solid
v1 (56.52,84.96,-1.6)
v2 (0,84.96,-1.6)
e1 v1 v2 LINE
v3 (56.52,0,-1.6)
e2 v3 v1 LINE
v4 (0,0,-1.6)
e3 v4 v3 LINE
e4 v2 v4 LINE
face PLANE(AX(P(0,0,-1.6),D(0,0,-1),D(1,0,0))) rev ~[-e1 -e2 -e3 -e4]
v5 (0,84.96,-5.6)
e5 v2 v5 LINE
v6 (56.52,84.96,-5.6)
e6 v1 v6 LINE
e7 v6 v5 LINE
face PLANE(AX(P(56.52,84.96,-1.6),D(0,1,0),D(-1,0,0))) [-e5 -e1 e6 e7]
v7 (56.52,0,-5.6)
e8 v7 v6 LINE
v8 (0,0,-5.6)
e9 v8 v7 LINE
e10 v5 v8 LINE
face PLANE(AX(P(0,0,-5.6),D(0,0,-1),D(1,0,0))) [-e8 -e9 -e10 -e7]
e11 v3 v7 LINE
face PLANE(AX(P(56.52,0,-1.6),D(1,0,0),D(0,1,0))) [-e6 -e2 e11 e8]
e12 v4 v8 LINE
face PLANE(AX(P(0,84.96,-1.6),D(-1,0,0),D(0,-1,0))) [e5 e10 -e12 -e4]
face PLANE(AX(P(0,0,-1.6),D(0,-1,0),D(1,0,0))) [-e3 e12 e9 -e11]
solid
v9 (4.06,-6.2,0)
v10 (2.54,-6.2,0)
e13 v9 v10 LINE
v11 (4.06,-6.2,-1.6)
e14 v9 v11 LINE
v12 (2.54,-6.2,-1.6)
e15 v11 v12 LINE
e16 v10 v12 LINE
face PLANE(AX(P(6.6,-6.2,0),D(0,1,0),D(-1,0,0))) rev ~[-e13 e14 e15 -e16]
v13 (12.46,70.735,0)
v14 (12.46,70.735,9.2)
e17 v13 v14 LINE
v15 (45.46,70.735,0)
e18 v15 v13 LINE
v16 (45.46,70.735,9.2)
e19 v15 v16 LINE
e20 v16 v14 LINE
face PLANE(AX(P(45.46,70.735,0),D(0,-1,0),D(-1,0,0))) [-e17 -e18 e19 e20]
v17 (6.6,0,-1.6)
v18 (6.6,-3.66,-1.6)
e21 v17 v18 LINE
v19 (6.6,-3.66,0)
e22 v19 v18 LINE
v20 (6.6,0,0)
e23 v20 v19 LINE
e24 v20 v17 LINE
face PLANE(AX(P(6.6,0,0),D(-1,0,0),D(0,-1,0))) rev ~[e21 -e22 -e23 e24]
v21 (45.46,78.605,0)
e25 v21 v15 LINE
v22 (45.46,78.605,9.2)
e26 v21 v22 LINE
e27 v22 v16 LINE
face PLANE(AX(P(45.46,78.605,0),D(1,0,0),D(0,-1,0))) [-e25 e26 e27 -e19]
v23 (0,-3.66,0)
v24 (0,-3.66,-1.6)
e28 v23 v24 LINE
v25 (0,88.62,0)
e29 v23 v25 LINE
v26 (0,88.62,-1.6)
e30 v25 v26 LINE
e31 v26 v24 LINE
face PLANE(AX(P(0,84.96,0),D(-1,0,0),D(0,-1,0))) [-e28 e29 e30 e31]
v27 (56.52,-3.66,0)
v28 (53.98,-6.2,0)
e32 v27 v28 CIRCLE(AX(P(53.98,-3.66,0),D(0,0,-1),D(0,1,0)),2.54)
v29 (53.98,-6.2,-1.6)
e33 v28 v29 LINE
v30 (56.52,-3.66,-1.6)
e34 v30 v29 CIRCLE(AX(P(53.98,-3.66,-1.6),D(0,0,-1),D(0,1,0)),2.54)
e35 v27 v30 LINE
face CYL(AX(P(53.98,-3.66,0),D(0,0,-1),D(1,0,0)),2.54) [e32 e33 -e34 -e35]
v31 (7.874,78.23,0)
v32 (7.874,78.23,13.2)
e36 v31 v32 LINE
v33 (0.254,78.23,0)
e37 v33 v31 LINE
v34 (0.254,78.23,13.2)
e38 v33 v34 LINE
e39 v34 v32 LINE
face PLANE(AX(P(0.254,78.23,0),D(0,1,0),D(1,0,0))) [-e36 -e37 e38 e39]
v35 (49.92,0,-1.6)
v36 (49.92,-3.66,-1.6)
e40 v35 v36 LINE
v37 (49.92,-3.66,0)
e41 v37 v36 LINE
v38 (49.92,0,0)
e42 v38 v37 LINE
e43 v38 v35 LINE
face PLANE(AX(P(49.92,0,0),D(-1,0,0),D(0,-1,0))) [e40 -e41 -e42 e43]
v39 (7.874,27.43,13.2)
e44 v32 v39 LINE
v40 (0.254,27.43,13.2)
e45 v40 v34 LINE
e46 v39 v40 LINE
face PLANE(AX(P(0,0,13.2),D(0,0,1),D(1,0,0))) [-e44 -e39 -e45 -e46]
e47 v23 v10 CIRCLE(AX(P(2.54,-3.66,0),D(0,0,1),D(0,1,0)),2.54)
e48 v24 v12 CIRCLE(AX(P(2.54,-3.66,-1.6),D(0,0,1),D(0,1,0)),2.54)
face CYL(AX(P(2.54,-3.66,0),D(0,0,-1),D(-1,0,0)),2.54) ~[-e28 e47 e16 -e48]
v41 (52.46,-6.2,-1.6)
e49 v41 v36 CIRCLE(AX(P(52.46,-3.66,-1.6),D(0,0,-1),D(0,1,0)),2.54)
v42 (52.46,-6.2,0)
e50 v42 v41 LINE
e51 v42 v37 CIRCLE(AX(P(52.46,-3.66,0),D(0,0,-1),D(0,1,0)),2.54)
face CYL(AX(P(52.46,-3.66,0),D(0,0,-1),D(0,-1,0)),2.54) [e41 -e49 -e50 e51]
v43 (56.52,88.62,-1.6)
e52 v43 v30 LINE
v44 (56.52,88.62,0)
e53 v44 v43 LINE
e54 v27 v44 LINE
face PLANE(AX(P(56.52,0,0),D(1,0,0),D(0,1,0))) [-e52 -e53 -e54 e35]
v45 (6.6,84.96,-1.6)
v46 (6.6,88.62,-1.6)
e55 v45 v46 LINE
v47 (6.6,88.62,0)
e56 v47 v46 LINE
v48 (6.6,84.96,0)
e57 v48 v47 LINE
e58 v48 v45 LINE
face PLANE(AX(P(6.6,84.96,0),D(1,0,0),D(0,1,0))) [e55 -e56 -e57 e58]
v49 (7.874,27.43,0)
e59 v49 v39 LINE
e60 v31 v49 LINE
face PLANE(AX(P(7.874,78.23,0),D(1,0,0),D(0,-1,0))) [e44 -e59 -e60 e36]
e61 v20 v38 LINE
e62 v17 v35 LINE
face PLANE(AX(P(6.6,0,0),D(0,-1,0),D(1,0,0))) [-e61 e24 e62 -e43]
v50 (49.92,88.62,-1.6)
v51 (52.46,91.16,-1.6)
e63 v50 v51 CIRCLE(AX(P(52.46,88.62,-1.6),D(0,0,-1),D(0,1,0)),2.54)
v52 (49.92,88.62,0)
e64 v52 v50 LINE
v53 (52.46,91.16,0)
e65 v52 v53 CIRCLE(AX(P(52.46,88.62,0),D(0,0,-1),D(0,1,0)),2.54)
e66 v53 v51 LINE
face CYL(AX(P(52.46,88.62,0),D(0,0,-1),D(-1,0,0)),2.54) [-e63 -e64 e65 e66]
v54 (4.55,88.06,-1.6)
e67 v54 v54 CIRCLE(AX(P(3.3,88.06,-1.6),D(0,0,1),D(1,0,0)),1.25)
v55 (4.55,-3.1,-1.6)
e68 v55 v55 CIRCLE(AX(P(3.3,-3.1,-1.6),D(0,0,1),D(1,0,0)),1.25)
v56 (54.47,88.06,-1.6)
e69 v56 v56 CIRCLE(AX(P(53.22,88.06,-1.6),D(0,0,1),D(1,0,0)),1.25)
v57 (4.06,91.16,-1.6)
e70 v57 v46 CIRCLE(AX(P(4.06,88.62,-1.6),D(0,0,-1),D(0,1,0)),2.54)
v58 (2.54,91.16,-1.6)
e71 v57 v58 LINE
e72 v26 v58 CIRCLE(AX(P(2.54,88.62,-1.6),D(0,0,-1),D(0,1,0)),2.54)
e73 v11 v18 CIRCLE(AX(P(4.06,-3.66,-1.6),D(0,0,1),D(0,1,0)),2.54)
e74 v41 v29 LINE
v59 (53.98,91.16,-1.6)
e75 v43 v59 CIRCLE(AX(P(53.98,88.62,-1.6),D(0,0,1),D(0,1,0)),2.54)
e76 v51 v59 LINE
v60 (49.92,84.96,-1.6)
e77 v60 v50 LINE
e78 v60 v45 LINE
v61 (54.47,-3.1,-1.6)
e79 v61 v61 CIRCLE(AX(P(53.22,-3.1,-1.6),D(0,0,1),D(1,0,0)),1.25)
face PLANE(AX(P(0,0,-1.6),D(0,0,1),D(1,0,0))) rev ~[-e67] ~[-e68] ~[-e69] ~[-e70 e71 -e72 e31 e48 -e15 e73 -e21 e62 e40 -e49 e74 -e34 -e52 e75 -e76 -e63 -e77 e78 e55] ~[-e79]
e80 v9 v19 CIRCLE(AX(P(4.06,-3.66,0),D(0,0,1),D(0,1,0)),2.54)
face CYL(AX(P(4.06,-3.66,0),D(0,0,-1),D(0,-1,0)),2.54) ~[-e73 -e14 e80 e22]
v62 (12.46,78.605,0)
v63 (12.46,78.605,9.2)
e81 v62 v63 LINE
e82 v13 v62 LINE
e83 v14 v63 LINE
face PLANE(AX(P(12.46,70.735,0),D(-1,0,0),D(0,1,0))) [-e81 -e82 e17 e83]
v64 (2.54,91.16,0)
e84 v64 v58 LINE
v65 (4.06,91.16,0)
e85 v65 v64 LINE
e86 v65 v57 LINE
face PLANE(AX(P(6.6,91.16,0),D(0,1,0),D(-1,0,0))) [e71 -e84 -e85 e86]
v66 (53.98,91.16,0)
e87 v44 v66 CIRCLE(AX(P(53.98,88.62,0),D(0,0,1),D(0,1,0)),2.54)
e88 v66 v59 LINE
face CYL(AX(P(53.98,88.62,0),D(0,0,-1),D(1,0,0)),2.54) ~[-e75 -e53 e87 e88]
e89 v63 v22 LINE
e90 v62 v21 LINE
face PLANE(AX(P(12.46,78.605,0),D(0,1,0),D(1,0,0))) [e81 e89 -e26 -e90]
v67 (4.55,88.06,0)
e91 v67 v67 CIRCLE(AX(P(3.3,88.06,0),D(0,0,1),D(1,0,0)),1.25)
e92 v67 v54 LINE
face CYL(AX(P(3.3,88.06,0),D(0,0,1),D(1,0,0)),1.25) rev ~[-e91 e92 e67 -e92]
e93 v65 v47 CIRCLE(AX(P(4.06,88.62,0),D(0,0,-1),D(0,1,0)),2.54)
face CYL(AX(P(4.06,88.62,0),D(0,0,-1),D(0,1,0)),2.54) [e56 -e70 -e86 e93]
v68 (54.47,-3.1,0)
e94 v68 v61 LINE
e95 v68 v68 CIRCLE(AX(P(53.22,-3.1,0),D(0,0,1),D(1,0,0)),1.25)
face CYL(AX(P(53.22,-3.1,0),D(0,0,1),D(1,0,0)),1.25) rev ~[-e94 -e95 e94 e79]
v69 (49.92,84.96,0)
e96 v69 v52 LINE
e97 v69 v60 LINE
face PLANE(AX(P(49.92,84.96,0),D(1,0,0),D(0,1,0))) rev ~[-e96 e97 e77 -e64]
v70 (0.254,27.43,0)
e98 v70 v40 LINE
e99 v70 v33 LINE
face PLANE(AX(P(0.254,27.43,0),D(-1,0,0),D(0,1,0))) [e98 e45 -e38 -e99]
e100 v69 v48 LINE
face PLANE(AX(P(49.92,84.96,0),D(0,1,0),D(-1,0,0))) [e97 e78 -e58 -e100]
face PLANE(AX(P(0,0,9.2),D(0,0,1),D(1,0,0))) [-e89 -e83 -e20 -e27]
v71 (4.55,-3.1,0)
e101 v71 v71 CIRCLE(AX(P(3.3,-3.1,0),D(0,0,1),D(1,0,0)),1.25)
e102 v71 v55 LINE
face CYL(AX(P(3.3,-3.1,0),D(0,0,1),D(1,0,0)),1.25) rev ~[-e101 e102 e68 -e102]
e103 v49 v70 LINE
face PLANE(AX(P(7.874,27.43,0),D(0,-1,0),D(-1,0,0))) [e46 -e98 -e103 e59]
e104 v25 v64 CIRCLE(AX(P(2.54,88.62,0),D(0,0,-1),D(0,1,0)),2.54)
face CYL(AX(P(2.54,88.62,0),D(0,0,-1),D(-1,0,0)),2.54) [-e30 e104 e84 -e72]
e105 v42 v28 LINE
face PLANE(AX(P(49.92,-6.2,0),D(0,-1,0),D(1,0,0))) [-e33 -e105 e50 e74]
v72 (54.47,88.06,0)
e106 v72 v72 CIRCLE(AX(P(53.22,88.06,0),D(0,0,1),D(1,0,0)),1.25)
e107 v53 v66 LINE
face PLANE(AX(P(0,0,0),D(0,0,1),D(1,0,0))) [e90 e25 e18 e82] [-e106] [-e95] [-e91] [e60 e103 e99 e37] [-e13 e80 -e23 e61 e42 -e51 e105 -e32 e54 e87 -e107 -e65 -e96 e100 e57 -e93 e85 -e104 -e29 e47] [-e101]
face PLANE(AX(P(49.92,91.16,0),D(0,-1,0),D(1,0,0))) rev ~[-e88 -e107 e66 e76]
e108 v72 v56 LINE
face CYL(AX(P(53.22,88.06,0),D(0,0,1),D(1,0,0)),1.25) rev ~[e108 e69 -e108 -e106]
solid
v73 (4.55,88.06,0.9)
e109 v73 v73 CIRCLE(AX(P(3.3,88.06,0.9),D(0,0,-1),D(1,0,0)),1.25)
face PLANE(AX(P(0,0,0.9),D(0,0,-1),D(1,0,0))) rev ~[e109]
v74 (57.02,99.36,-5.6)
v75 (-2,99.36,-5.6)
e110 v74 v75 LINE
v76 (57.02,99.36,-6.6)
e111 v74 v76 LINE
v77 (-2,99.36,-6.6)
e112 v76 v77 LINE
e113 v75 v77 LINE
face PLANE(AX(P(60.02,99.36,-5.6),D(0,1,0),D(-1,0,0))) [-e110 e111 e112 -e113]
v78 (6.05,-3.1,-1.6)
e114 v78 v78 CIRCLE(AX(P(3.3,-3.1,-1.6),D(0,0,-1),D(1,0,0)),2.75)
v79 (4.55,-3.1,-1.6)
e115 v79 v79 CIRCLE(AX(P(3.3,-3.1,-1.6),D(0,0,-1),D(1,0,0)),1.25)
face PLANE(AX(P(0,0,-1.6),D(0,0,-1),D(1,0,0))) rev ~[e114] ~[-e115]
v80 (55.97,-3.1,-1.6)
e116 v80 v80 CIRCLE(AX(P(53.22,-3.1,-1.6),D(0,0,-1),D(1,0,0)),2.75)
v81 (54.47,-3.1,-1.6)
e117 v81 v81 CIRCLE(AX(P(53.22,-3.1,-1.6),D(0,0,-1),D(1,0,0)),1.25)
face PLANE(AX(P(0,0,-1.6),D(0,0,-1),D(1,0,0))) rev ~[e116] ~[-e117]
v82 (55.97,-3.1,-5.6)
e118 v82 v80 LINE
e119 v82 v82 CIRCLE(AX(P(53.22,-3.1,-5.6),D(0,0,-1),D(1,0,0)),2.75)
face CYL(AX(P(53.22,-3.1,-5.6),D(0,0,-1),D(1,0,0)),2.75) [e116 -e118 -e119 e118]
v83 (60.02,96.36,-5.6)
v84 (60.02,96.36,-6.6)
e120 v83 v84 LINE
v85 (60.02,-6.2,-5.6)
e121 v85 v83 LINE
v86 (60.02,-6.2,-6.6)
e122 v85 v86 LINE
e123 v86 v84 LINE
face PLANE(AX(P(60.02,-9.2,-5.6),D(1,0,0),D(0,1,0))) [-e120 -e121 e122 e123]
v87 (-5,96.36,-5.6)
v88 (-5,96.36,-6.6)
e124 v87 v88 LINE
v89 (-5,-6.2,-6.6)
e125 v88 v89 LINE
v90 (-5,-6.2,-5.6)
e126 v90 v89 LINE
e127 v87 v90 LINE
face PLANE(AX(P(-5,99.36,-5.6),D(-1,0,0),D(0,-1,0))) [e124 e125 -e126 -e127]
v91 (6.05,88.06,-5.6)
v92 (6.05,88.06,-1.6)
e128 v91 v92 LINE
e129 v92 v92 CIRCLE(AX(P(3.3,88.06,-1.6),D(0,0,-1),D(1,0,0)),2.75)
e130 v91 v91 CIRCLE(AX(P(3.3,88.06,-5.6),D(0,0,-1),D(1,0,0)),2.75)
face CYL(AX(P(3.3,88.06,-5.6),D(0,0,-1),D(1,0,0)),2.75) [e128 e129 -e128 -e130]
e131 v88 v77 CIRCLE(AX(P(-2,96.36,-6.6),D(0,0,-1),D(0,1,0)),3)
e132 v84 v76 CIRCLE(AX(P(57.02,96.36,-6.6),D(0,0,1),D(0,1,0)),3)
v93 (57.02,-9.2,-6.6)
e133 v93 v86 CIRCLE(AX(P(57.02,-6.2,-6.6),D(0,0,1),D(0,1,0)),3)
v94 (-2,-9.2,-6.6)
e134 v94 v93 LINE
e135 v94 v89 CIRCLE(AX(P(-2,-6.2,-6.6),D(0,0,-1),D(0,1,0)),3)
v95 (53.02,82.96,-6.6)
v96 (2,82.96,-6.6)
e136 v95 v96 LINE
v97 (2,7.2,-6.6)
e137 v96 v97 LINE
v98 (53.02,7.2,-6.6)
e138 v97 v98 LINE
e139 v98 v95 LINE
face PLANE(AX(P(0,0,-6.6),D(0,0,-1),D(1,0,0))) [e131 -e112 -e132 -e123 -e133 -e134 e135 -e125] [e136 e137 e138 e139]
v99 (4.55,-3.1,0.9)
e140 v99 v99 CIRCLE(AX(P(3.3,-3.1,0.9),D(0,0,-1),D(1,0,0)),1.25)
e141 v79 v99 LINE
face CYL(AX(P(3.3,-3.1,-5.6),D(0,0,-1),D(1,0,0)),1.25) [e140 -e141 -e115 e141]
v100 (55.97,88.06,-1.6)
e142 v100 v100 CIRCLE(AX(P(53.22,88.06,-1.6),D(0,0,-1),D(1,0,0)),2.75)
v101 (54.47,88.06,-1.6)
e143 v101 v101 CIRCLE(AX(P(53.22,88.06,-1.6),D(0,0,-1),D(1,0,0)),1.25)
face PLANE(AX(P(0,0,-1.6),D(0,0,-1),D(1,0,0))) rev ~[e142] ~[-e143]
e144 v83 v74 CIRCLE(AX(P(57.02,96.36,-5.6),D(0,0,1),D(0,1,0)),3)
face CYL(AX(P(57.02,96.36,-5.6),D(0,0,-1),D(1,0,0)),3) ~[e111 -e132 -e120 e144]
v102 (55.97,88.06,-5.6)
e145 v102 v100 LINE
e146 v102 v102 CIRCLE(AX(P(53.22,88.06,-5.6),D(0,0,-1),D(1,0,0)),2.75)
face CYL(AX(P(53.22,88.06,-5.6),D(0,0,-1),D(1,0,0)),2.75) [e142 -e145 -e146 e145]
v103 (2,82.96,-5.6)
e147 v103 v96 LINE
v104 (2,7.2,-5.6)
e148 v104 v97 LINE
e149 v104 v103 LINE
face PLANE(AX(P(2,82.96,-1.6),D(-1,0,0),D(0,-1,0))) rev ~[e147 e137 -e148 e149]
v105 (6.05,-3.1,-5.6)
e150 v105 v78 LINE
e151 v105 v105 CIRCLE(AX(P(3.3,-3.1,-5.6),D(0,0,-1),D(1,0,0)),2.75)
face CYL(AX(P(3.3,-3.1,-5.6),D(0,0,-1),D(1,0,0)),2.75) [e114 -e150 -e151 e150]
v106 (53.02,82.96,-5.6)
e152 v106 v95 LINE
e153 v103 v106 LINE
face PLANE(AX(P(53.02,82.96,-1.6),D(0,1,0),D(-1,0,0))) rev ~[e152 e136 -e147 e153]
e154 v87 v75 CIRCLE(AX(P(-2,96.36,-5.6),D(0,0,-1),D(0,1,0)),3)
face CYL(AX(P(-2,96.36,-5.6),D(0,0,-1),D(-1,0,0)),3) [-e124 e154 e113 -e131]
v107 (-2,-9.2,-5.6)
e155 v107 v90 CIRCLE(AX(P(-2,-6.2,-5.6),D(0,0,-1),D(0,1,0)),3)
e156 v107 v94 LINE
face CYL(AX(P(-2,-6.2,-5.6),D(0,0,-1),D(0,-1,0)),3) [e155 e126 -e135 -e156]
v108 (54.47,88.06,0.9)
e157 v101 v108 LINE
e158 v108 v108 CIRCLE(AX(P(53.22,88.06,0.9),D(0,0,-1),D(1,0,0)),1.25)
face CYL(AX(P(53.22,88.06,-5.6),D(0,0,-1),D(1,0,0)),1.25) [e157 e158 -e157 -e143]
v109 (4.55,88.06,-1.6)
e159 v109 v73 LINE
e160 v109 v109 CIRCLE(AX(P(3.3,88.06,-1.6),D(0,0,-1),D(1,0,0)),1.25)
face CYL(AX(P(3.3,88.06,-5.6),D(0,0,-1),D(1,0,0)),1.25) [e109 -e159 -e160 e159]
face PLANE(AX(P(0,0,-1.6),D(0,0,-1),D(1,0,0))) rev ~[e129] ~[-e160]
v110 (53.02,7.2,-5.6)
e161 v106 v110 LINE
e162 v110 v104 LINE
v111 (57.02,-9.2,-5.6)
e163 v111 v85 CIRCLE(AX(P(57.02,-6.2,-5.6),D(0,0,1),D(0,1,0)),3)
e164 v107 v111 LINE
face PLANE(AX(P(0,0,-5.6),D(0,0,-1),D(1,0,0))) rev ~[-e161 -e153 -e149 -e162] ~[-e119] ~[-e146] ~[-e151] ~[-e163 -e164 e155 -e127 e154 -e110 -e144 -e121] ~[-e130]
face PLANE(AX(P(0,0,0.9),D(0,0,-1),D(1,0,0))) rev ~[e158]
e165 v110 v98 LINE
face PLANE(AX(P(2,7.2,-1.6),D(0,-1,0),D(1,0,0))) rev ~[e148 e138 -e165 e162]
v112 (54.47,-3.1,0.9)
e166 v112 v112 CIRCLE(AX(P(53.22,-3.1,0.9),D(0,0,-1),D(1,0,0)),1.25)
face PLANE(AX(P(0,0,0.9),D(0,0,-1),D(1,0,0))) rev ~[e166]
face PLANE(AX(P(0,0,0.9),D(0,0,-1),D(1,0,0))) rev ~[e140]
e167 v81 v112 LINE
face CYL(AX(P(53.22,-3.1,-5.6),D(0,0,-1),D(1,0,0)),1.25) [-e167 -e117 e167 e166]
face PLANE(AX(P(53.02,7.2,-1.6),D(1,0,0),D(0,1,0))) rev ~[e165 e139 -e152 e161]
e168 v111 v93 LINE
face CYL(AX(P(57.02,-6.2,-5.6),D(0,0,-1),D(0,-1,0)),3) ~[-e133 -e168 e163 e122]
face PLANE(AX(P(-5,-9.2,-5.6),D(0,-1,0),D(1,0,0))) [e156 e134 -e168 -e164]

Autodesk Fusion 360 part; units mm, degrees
sketch "PCB" plane through (0, 0, 0) normal (0, 0, 1) x (1, 0, 0)
  line L0 (0, 0) -> (56.52, 0)
  line L1 (56.52, 0) -> (56.52, 84.96)
  line L2 (56.52, 84.96) -> (0, 84.96)
  line L3 (0, 84.96) -> (0, 0)
  line L4 (0, 84.96) -> (6.6, 84.96)
  line L5 (6.6, 84.96) -> (6.6, 91.16)
  line L6 (6.6, 91.16) -> (0, 91.16)
  line L7 (0, 91.16) -> (0, 84.96)
  line L8 (3.3, 91.16) -> (3.3, 84.96) construction
  line L9 (0, 88.06) -> (6.6, 88.06) construction
  circle A0 centre (3.3, 88.06) radius 1.25
  line L10 (28.26, 84.96) -> (28.26, 0) construction
  line L11 (0, 42.48) -> (56.52, 42.48) construction
  circle A1 centre (53.22, 88.06) radius 1.25
  line L12 (49.92, 91.16) -> (56.52, 91.16)
  line L13 (56.52, 91.16) -> (56.52, 84.96)
  line L14 (49.92, 84.96) -> (49.92, 91.16)
  line L15 (0, -6.2) -> (0, 0)
  line L16 (6.6, -6.2) -> (0, -6.2)
  circle A2 centre (3.3, -3.1) radius 1.25
  line L17 (6.6, 0) -> (6.6, -6.2)
  circle A3 centre (53.22, -3.1) radius 1.25
  line L18 (49.92, -6.2) -> (56.52, -6.2)
  line L19 (49.92, 0) -> (49.92, -6.2)
  line L20 (56.52, -6.2) -> (56.52, 0)
  dimension "d1" = 84.96
  dimension "d2" = 56.52
  dimension "d3" = 6.6
  dimension "d4" = 6.2
  dimension "d5" = 2.5
  dimension "d6" = 49.92
  dimension "d7" = 91.16
extrude "Extrude1" add sketch "PCB" against normal blind 1.6 makes body 1
fillet "Fillet1" radius 2.54 8 edges at (0, -6.2, -0.8) (6.6, -6.2, -0.8) (49.92, -6.2, -0.8) (56.52, -6.2, -0.8) (49.92, 91.16, -0.8) (56.52, 91.16, -0.8) (6.6, 91.16, -0.8) (0, 91.16, -0.8) on bodies 1
sketch "headers" plane through (0, 0, 0) normal (0, 0, 1) x (1, 0, 0)
  line L0 (0, 0) -> (56.52, 0)
  line L1 (56.52, 0) -> (56.52, 84.96)
  line L2 (56.52, 84.96) -> (0, 84.96)
  line L3 (0, 84.96) -> (0, 0)
  line L4 (45.46, 70.735) -> (12.46, 70.735)
  line L5 (12.46, 70.735) -> (12.46, 78.605)
  line L6 (12.46, 78.605) -> (45.46, 78.605)
  line L7 (45.46, 78.605) -> (45.46, 70.735)
  line L8 (45.46, 70.735) -> (12.46, 78.605) construction
  line L9 (12.46, 70.735) -> (45.46, 78.605) construction
  line L10 (0.254, 78.23) -> (7.874, 78.23)
  line L11 (7.874, 78.23) -> (7.874, 27.43)
  line L12 (7.874, 27.43) -> (0.254, 27.43)
  line L13 (0.254, 27.43) -> (0.254, 78.23)
  point P0 (28.96, 74.67)
  dimension "d11" = 84.96
  dimension "d12" = 56.52
  dimension "d13" = 33
  dimension "d14" = 7.87
  dimension "d15" = 28.96
  dimension "d16" = 10.29
  dimension "d17" = 7.62
  dimension "d18" = 50.8
  dimension "d19" = 6.73
  dimension "d20" = 0.254
extrude "Extrude2" add sketch "headers" along normal blind 9.2 contours L4 L5 L6 L7 bodies 1
extrude "Extrude3" add sketch "headers" along normal blind 13.2 contours L10 L11 L12 L13 bodies 1
sketch "screen cut" plane through (0, 0, -1.6) normal (0, 0, -1) x (1, 0, 0)
  line L0 (0, 0) -> (56.52, 0)
  line L1 (56.52, 0) -> (56.52, -84.96)
  line L2 (56.52, -84.96) -> (0, -84.96)
  line L3 (0, -84.96) -> (0, 0)
  line L4 (53.02, -82.96) -> (2, -82.96)
  line L5 (2, -82.96) -> (2, -7.2)
  line L6 (2, -7.2) -> (53.02, -7.2)
  line L7 (53.02, -7.2) -> (53.02, -82.96)
  dimension "d48" = 84.96
  dimension "d49" = 56.52
  dimension "d50" = 7.2
  dimension "d51" = 3.5
  dimension "d52" = 2
  dimension "d53" = 2
extrude "Extrude4" add sketch "screen cut" along normal blind 4 separate body contours L0 L1 L2 L3 | L4 L5 L6 L7 makes body 2
sketch "display mount" plane through (0, 0, -5.6) normal (0, 0, -1) x (1, 0, 0)
  line L0 (0, -84.96) -> (56.52, -84.96) construction
  line L1 (56.52, -84.96) -> (56.52, 0) construction
  line L2 (56.52, 0) -> (0, 0) construction
  line L3 (0, 0) -> (0, -84.96) construction
  line L4 (-5, 9.2) -> (60.02, 9.2)
  line L5 (60.02, 9.2) -> (60.02, -99.36)
  line L6 (60.02, -99.36) -> (-5, -99.36)
  line L7 (-5, -99.36) -> (-5, 9.2)
  circle A0 centre (3.3, -88.06) radius 1.25
  circle A1 centre (53.22, -88.06) radius 1.25
  circle A2 centre (53.22, 3.1) radius 1.25
  circle A3 centre (3.3, 3.1) radius 1.25
  circle A4 centre (3.3, -88.06) radius 2.75
  circle A5 centre (53.22, 3.1) radius 2.75
  circle A6 centre (3.3, 3.1) radius 2.75
  circle A7 centre (53.22, -88.06) radius 2.75
  line L8 (56.52, 3.66) -> (56.52, -88.62)
  line L9 (0, -88.62) -> (0, 3.66)
  line L10 (4.06, -91.16) -> (2.54, -91.16)
  line L11 (4.06, 6.2) -> (2.54, 6.2)
  dimension "d54" = 5.5
  dimension "d55" = 5.5
  dimension "d56" = 5.5
  dimension "d57" = 5.5
  dimension "d64" = 3.5
  dimension "d65" = 5
  dimension "d66" = 8.2
  dimension "d67" = 3
extrude "Extrude9" add sketch "display mount" along normal blind 1 separate body contours L4 L5 L6 L7 | A0 | A1 | A2 | A3 | A4 | A5 | A6 | A7 makes body 3
extrude "Extrude10" cut sketch "screen cut" along normal up to surface (5 mm away) contours L4 L5 L6 L7 bodies 3
extrude "Extrude11" add sketch "display mount" against normal up to surface (4 mm away) contours A0 | A1 | A2 | A3 | A4 | A5 | A6 | A7 bodies 3
extrude "Extrude12" add sketch "display mount" against normal blind 6.5 contours A0 | A1 | A2 | A3 bodies 3
fillet "Fillet3" radius 3 4 edges at (60.02, -9.2, -6.1) (-5, -9.2, -6.1) (-5, 99.36, -6.1) (60.02, 99.36, -6.1) on bodies 3
